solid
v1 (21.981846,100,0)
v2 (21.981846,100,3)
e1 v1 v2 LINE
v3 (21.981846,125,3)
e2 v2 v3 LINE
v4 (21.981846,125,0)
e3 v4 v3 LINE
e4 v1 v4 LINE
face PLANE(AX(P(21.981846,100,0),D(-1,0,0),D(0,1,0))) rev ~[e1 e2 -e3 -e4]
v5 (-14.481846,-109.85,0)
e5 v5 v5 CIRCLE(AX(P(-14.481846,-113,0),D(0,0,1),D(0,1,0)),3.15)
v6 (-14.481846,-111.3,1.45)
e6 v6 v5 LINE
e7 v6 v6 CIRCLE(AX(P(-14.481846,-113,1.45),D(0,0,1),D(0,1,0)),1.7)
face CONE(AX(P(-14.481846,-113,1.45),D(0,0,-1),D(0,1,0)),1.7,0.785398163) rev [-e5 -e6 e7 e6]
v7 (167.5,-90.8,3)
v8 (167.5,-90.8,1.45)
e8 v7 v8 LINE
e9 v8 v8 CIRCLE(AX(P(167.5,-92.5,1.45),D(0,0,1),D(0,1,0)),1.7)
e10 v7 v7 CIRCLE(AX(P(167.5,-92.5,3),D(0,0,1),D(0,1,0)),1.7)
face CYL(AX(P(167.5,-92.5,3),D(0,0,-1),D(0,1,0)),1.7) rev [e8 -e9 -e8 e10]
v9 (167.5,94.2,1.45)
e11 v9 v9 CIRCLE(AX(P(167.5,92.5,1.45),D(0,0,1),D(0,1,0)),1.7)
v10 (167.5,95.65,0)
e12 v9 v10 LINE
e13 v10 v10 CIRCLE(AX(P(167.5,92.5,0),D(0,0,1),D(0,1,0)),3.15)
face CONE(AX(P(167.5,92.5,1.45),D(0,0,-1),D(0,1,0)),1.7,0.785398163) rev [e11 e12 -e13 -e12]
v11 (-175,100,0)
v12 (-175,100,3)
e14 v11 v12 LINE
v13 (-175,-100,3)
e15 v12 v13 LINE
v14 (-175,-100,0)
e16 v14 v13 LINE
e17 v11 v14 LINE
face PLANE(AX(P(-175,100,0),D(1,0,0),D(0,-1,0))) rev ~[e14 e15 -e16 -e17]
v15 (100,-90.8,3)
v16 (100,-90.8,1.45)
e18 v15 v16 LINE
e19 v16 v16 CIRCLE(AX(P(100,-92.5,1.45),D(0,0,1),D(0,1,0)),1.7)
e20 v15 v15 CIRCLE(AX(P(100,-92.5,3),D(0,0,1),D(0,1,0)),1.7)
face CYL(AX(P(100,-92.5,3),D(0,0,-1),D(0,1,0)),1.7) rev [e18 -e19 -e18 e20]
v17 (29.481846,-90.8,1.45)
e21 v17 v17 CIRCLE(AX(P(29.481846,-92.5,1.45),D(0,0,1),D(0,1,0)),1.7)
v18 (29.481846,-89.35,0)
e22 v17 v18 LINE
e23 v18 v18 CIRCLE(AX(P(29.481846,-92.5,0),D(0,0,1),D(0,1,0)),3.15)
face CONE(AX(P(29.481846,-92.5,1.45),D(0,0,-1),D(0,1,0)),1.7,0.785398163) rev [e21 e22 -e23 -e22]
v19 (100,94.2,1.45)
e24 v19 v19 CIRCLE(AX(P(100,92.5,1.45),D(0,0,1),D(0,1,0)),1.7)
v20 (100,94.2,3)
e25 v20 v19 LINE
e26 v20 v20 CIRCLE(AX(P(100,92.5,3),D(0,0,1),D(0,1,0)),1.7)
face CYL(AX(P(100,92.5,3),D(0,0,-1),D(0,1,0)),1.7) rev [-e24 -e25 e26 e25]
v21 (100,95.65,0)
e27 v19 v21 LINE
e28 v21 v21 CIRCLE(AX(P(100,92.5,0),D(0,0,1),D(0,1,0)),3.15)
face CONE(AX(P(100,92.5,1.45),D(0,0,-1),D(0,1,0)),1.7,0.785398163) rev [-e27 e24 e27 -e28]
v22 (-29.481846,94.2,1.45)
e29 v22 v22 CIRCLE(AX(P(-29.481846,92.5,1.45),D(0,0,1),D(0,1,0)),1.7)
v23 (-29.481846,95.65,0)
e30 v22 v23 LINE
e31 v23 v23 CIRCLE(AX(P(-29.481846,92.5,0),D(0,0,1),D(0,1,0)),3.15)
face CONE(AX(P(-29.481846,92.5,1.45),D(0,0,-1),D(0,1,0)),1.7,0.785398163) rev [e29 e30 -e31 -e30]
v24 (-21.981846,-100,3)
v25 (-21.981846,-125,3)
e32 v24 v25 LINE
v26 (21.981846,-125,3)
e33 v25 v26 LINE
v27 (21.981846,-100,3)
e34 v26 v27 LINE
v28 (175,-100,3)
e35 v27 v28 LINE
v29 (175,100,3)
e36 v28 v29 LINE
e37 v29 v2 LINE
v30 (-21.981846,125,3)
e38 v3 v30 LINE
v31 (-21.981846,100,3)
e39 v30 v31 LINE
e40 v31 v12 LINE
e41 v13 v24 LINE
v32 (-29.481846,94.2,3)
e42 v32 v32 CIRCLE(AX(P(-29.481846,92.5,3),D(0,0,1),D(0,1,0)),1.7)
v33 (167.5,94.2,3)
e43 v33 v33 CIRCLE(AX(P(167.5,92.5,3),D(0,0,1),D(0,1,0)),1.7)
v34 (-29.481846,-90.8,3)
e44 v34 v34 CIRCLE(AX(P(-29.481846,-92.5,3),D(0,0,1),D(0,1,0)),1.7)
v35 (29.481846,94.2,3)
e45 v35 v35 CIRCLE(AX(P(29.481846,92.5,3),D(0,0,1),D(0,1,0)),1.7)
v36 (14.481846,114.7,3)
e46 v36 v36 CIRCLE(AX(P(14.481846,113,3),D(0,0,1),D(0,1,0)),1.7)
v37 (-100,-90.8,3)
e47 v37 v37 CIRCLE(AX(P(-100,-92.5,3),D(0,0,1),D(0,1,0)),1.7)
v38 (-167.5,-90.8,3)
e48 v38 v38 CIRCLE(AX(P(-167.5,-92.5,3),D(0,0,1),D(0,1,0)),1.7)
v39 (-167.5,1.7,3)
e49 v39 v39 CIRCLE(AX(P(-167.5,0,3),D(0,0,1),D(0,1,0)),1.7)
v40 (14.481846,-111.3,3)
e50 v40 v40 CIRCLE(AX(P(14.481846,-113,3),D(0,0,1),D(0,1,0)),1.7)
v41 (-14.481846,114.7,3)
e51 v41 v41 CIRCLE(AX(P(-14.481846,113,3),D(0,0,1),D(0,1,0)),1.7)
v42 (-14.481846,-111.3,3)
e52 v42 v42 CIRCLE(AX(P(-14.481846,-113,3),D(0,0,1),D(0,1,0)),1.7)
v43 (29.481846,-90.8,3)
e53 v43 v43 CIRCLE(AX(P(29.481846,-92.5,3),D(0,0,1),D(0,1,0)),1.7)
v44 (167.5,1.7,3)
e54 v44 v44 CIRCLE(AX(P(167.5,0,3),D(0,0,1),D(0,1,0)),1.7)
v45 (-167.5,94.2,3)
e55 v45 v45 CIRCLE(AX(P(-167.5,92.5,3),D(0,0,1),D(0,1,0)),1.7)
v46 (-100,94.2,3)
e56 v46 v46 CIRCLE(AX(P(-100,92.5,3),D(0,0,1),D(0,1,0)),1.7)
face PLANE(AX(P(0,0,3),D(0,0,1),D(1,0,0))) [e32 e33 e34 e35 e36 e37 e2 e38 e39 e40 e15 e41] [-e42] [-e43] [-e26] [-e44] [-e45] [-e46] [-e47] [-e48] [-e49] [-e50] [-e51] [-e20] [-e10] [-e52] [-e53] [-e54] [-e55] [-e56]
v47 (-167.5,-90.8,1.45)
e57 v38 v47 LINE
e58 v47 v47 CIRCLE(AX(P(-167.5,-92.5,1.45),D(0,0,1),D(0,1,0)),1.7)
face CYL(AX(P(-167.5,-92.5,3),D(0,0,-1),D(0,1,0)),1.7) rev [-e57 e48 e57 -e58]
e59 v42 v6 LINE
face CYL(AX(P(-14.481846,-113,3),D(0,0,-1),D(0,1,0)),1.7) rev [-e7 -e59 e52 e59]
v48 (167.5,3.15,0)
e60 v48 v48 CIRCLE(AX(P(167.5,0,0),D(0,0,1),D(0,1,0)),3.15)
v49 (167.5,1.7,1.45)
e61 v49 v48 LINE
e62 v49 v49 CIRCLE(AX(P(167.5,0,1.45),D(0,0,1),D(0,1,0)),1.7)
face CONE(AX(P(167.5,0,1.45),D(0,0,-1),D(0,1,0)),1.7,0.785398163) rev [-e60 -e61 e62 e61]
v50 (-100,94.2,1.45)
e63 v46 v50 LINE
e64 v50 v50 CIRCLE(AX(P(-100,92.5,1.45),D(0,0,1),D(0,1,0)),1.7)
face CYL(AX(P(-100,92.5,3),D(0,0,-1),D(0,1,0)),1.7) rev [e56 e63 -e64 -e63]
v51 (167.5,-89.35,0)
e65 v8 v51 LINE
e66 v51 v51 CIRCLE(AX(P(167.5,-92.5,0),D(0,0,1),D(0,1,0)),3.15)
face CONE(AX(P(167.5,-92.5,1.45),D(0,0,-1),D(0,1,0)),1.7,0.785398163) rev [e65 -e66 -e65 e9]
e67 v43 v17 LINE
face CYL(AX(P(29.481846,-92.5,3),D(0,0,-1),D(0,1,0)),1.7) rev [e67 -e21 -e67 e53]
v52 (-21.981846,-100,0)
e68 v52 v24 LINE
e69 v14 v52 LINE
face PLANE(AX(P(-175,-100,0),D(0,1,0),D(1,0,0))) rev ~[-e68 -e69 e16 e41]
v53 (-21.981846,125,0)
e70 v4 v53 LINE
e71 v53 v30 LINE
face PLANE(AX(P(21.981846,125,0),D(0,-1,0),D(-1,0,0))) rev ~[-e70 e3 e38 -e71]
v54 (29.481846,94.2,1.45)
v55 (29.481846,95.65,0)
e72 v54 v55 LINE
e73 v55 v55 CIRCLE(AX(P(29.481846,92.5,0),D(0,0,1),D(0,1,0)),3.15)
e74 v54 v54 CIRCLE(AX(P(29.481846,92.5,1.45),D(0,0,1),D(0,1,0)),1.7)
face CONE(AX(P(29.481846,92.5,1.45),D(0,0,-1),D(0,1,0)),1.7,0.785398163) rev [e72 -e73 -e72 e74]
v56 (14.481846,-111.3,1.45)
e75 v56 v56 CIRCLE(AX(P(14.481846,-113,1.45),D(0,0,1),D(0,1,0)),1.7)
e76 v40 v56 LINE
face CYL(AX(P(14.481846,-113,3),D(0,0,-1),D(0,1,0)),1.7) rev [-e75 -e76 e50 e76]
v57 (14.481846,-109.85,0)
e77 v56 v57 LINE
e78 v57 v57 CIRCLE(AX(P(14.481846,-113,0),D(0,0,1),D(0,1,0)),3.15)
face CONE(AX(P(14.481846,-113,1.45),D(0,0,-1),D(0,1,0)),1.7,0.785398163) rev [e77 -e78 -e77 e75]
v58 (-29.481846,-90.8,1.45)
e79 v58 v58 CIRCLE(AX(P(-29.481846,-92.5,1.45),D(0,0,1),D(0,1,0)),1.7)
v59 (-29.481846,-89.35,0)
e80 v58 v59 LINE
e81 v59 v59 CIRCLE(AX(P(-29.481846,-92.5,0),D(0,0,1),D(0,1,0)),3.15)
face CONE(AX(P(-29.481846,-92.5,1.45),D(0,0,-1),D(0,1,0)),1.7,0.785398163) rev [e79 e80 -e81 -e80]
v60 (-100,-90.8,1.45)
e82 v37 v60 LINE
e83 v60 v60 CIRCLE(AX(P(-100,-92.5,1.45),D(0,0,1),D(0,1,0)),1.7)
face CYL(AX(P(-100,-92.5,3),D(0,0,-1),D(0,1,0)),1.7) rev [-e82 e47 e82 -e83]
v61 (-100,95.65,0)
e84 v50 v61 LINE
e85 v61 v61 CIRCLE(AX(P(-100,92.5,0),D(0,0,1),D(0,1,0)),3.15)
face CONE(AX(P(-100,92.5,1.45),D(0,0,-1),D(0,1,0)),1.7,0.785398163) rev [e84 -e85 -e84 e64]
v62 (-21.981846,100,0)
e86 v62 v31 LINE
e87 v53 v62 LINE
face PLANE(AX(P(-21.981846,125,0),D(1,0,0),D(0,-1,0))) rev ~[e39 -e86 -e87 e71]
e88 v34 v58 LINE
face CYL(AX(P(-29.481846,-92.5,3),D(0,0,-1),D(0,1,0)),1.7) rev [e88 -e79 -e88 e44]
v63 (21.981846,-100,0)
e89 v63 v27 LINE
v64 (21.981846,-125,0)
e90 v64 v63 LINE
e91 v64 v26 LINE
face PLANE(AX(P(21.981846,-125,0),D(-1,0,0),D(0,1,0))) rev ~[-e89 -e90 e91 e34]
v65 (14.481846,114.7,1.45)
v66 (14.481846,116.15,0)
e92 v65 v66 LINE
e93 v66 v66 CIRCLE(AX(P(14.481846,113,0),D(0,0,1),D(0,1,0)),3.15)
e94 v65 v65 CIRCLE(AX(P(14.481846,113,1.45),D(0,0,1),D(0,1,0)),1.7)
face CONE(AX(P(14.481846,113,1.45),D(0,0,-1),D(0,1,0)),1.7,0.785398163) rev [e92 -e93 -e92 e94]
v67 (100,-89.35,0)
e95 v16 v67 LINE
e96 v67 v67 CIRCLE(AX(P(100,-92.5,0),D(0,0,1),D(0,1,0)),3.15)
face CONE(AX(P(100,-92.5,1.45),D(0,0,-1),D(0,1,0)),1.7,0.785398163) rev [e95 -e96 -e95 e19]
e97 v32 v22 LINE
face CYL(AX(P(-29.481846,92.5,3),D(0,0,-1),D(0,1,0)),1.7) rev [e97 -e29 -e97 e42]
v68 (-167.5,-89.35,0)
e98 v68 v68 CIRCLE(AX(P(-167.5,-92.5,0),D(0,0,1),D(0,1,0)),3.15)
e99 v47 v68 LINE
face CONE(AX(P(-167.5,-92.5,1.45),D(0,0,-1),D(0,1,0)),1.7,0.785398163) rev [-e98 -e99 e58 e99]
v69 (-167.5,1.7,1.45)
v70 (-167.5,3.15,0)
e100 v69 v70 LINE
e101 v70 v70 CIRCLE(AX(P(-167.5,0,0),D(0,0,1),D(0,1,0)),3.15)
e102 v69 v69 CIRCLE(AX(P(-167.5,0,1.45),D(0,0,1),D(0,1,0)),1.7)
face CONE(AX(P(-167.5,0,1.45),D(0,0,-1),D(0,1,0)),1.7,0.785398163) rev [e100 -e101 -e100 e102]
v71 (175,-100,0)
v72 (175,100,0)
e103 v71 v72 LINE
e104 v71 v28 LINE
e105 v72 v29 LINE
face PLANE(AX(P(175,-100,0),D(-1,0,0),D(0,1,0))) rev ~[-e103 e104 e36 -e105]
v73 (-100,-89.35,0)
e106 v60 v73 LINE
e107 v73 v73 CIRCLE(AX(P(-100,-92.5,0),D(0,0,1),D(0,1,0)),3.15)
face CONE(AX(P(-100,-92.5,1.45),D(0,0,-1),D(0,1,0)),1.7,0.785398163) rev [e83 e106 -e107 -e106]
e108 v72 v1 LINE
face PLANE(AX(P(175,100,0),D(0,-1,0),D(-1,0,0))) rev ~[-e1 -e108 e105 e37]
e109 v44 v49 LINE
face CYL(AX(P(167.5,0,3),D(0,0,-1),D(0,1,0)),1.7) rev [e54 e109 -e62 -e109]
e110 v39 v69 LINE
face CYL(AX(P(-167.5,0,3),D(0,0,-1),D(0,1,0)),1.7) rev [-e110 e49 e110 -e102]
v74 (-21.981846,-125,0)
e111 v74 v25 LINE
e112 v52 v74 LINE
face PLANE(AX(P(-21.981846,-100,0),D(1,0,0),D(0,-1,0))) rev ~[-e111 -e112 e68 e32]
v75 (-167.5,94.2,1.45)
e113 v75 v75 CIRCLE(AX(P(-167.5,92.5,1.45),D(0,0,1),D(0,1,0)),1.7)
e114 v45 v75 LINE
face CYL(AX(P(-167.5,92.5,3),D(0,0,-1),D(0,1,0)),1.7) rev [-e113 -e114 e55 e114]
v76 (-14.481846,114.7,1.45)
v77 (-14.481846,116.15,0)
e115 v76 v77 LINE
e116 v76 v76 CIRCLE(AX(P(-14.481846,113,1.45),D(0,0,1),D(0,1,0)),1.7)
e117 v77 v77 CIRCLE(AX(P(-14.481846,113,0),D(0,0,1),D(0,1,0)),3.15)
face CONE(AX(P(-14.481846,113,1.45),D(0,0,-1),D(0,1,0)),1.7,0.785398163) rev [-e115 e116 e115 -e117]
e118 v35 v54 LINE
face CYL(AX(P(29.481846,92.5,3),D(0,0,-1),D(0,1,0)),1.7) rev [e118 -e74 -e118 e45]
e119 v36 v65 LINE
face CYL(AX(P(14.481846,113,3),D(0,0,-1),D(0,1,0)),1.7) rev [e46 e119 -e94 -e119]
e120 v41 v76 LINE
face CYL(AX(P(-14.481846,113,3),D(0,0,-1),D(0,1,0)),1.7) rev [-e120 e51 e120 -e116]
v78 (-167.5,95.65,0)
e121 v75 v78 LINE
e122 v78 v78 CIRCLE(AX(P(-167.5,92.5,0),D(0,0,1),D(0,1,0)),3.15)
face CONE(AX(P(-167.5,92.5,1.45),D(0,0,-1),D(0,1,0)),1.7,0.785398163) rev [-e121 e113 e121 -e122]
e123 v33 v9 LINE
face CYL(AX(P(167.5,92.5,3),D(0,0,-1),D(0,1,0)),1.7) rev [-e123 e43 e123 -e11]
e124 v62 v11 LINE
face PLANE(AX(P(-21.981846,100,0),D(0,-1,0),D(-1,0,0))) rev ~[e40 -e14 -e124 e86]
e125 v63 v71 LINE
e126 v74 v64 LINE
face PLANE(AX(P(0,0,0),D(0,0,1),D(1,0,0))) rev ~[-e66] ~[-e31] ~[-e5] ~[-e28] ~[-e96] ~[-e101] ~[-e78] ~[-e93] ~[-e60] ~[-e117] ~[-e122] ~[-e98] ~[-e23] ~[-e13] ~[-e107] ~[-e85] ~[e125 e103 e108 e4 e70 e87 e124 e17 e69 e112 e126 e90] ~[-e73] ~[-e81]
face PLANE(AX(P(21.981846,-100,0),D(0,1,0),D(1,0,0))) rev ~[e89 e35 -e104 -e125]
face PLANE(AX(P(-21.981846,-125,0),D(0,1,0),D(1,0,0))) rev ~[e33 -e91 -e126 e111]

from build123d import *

# Parameters (mm, degrees)
BOSS_EXTRU_1_DEPTH                          = 3
FRAISAGE_POUR_VIS_T_TE_FRAIS_E_M31_AT_COUNT = 2
FRAISAGE_POUR_VIS_T_TE_FRAIS_E_M31_AT_PITCH = 92.5
FRAISAGE_POUR_VIS_T_TE_FRAIS_E_M31_2_COUNT  = 2
FRAISAGE_POUR_VIS_T_TE_FRAIS_E_M31_2_PITCH  = 185
FRAISAGE_POUR_VIS_T_TE_FRAIS_E_M32_AT_COUNT = 2
FRAISAGE_POUR_VIS_T_TE_FRAIS_E_M32_AT_PITCH = 185
FRAISAGE_POUR_VIS_T_TE_FRAIS_E_M32_2_COUNT  = 2
FRAISAGE_POUR_VIS_T_TE_FRAIS_E_M32_2_PITCH  = 92.5
FRAISAGE_POUR_VIS_T_TE_FRAIS_E_M33_AT_COUNT = 2
FRAISAGE_POUR_VIS_T_TE_FRAIS_E_M33_AT_PITCH = 226
FRAISAGE_POUR_VIS_T_TE_FRAIS_E_M33_2_COUNT  = 2
FRAISAGE_POUR_VIS_T_TE_FRAIS_E_M33_2_PITCH  = 222.583927109
FRAISAGE_POUR_VIS_T_TE_FRAIS_E_M33_3_COUNT  = 2
FRAISAGE_POUR_VIS_T_TE_FRAIS_E_M33_3_PITCH  = 235.236781008
FRAISAGE_POUR_VIS_T_TE_FRAIS_E_M33_4_COUNT  = 2
FRAISAGE_POUR_VIS_T_TE_FRAIS_E_M33_4_PITCH  = 116.302807958
FRAISAGE_POUR_VIS_T_TE_FRAIS_E_M33_5_COUNT  = 2
FRAISAGE_POUR_VIS_T_TE_FRAIS_E_M33_5_PITCH  = 87.940915433
FRAISAGE_POUR_VIS_T_TE_FRAIS_E_M33_6_COUNT  = 2
FRAISAGE_POUR_VIS_T_TE_FRAIS_E_M33_6_PITCH  = 28.963692658
FRAISAGE_POUR_VIS_T_TE_FRAIS_E_M33_7_COUNT  = 2
FRAISAGE_POUR_VIS_T_TE_FRAIS_E_M33_7_PITCH  = 227.84840463
FRAISAGE_POUR_VIS_T_TE_FRAIS_E_M33_8_COUNT  = 2
FRAISAGE_POUR_VIS_T_TE_FRAIS_E_M33_8_PITCH  = 25.401771592
FRAISAGE_POUR_VIS_T_TE_FRAIS_E_M33_9_COUNT  = 2
FRAISAGE_POUR_VIS_T_TE_FRAIS_E_M33_9_PITCH  = 206.046718003
FRAISAGE_POUR_VIS_T_TE_FRAIS_E_M33_10_COUNT = 2
FRAISAGE_POUR_VIS_T_TE_FRAIS_E_M33_10_PITCH = 210.150080353
FRAISAGE_POUR_VIS_T_TE_FRAIS_E_M33_11_COUNT = 2
FRAISAGE_POUR_VIS_T_TE_FRAIS_E_M33_11_PITCH = 48.508311372


with BuildPart() as part:
    # Esquisse2 → Boss.-Extru.1 (new body)
    with BuildSketch(Plane.XY):
        Polygon((-21.981846329, 125), (-21.981846329, 100), (-175, 100), (-175, -100), (-21.981846329, -100), (-21.981846329, -125), (21.981846329, -125), (21.981846329, -100), (175, -100), (175, 100), (21.981846329, 100), (21.981846329, 125), align=None)
    extrude(amount=BOSS_EXTRU_1_DEPTH)

    # Esquisse7 → Fraisage pour vis à tête fraisée M31 (revolve, cut)
    with BuildSketch(Plane(origin=(167.5, 92.5, 0), x_dir=(0, 1, 0), z_dir=(1, 0, 0))):
        Polygon((0, 0), (0, 3), (1.7, 3), (1.7, 1.45), (3.15, 0), align=None)
    fraisage_pour_vis_t_te_frais_e_m31 = revolve(axis=Axis((167.5, 92.5, -6.35), (0, 0, 1)), mode=Mode.SUBTRACT)

    # Fraisage pour vis à tête fraisée M31 at: Fraisage pour vis à tête fraisée M31 ×2
    with Locations(*[(0, -i * FRAISAGE_POUR_VIS_T_TE_FRAIS_E_M31_AT_PITCH, 0) for i in range(1, FRAISAGE_POUR_VIS_T_TE_FRAIS_E_M31_AT_COUNT)]):
        add(fraisage_pour_vis_t_te_frais_e_m31, mode=Mode.SUBTRACT)

    # Fraisage pour vis _ t_te frais_e M31 2: Fraisage pour vis à tête fraisée M31 ×2
    with Locations(*[(0, -i * FRAISAGE_POUR_VIS_T_TE_FRAIS_E_M31_2_PITCH, 0) for i in range(1, FRAISAGE_POUR_VIS_T_TE_FRAIS_E_M31_2_COUNT)]):
        add(fraisage_pour_vis_t_te_frais_e_m31, mode=Mode.SUBTRACT)

    # Esquisse9 → Fraisage pour vis à tête fraisée M32 (revolve, cut)
    with BuildSketch(Plane(origin=(-167.5, 92.5, 0), x_dir=(0, 1, 0), z_dir=(1, 0, 0))):
        Polygon((0, 0), (0, 3), (1.7, 3), (1.7, 1.45), (3.15, 0), align=None)
    fraisage_pour_vis_t_te_frais_e_m32 = revolve(axis=Axis((-167.5, 92.5, -6.35), (0, 0, 1)), mode=Mode.SUBTRACT)

    # Fraisage pour vis à tête fraisée M32 at: Fraisage pour vis à tête fraisée M32 ×2
    with Locations(*[(0, -i * FRAISAGE_POUR_VIS_T_TE_FRAIS_E_M32_AT_PITCH, 0) for i in range(1, FRAISAGE_POUR_VIS_T_TE_FRAIS_E_M32_AT_COUNT)]):
        add(fraisage_pour_vis_t_te_frais_e_m32, mode=Mode.SUBTRACT)

    # Fraisage pour vis _ t_te frais_e M32 2: Fraisage pour vis à tête fraisée M32 ×2
    with Locations(*[(0, -i * FRAISAGE_POUR_VIS_T_TE_FRAIS_E_M32_2_PITCH, 0) for i in range(1, FRAISAGE_POUR_VIS_T_TE_FRAIS_E_M32_2_COUNT)]):
        add(fraisage_pour_vis_t_te_frais_e_m32, mode=Mode.SUBTRACT)

    # Esquisse10 → Fraisage pour vis à tête fraisée M33 (revolve, cut)
    with BuildSketch(Plane(origin=(14.481846329, -113, 0), x_dir=(0, 1, 0), z_dir=(1, 0, 0))):
        Polygon((0, 0), (0, 3), (1.7, 3), (1.7, 1.45), (3.15, 0), align=None)
    fraisage_pour_vis_t_te_frais_e_m33 = revolve(axis=Axis((14.481846329, -113, -6.35), (0, 0, 1)), mode=Mode.SUBTRACT)

    # Fraisage pour vis à tête fraisée M33 at: Fraisage pour vis à tête fraisée M33 ×2
    with Locations(*[(0, i * FRAISAGE_POUR_VIS_T_TE_FRAIS_E_M33_AT_PITCH, 0) for i in range(1, FRAISAGE_POUR_VIS_T_TE_FRAIS_E_M33_AT_COUNT)]):
        add(fraisage_pour_vis_t_te_frais_e_m33, mode=Mode.SUBTRACT)

    # Fraisage pour vis _ t_te frais_e M33 2: Fraisage pour vis à tête fraisée M33 ×2
    with Locations(*[Vector(0.3842063296372473, 0.9232472563006483, 0) * (i * FRAISAGE_POUR_VIS_T_TE_FRAIS_E_M33_2_PITCH) for i in range(1, FRAISAGE_POUR_VIS_T_TE_FRAIS_E_M33_2_COUNT)]):
        add(fraisage_pour_vis_t_te_frais_e_m33, mode=Mode.SUBTRACT)

    # Fraisage pour vis _ t_te frais_e M33 3: Fraisage pour vis à tête fraisée M33 ×2
    with Locations(*[Vector(-0.4866664381255049, 0.8735878765197204, 0) * (i * FRAISAGE_POUR_VIS_T_TE_FRAIS_E_M33_3_PITCH) for i in range(1, FRAISAGE_POUR_VIS_T_TE_FRAIS_E_M33_3_COUNT)]):
        add(fraisage_pour_vis_t_te_frais_e_m33, mode=Mode.SUBTRACT)

    # Fraisage pour vis _ t_te frais_e M33 4: Fraisage pour vis à tête fraisée M33 ×2
    with Locations(*[Vector(-0.9843429263584751, 0.1762640159761305, 0) * (i * FRAISAGE_POUR_VIS_T_TE_FRAIS_E_M33_4_PITCH) for i in range(1, FRAISAGE_POUR_VIS_T_TE_FRAIS_E_M33_4_COUNT)]):
        add(fraisage_pour_vis_t_te_frais_e_m33, mode=Mode.SUBTRACT)

    # Fraisage pour vis _ t_te frais_e M33 5: Fraisage pour vis à tête fraisée M33 ×2
    with Locations(*[Vector(0.9724501189162041, 0.23311105984028424, 0) * (i * FRAISAGE_POUR_VIS_T_TE_FRAIS_E_M33_5_PITCH) for i in range(1, FRAISAGE_POUR_VIS_T_TE_FRAIS_E_M33_5_COUNT)]):
        add(fraisage_pour_vis_t_te_frais_e_m33, mode=Mode.SUBTRACT)

    # Fraisage pour vis _ t_te frais_e M33 6: Fraisage pour vis à tête fraisée M33 ×2
    with Locations(*[(-i * FRAISAGE_POUR_VIS_T_TE_FRAIS_E_M33_6_PITCH, 0, 0) for i in range(1, FRAISAGE_POUR_VIS_T_TE_FRAIS_E_M33_6_COUNT)]):
        add(fraisage_pour_vis_t_te_frais_e_m33, mode=Mode.SUBTRACT)

    # Fraisage pour vis _ t_te frais_e M33 7: Fraisage pour vis à tête fraisée M33 ×2
    with Locations(*[Vector(-0.12711825964048365, 0.9918875682586079, 0) * (i * FRAISAGE_POUR_VIS_T_TE_FRAIS_E_M33_7_PITCH) for i in range(1, FRAISAGE_POUR_VIS_T_TE_FRAIS_E_M33_7_COUNT)]):
        add(fraisage_pour_vis_t_te_frais_e_m33, mode=Mode.SUBTRACT)

    # Fraisage pour vis _ t_te frais_e M33 8: Fraisage pour vis à tête fraisée M33 ×2
    with Locations(*[Vector(0.5905099943842171, 0.8070303256584302, 0) * (i * FRAISAGE_POUR_VIS_T_TE_FRAIS_E_M33_8_PITCH) for i in range(1, FRAISAGE_POUR_VIS_T_TE_FRAIS_E_M33_8_COUNT)]):
        add(fraisage_pour_vis_t_te_frais_e_m33, mode=Mode.SUBTRACT)

    # Fraisage pour vis _ t_te frais_e M33 9: Fraisage pour vis à tête fraisée M33 ×2
    with Locations(*[Vector(0.07279902415018125, 0.9973466308574875, 0) * (i * FRAISAGE_POUR_VIS_T_TE_FRAIS_E_M33_9_PITCH) for i in range(1, FRAISAGE_POUR_VIS_T_TE_FRAIS_E_M33_9_COUNT)]):
        add(fraisage_pour_vis_t_te_frais_e_m33, mode=Mode.SUBTRACT)

    # Fraisage pour vis _ t_te frais_e M33 10: Fraisage pour vis à tête fraisée M33 ×2
    with Locations(*[Vector(-0.20920140779710872, 0.9778725739970969, 0) * (i * FRAISAGE_POUR_VIS_T_TE_FRAIS_E_M33_10_PITCH) for i in range(1, FRAISAGE_POUR_VIS_T_TE_FRAIS_E_M33_10_COUNT)]):
        add(fraisage_pour_vis_t_te_frais_e_m33, mode=Mode.SUBTRACT)

    # Fraisage pour vis _ t_te frais_e M33 11: Fraisage pour vis à tête fraisée M33 ×2
    with Locations(*[Vector(-0.90631257644203, 0.4226079906757676, 0) * (i * FRAISAGE_POUR_VIS_T_TE_FRAIS_E_M33_11_PITCH) for i in range(1, FRAISAGE_POUR_VIS_T_TE_FRAIS_E_M33_11_COUNT)]):
        add(fraisage_pour_vis_t_te_frais_e_m33, mode=Mode.SUBTRACT)


solid = part.part
